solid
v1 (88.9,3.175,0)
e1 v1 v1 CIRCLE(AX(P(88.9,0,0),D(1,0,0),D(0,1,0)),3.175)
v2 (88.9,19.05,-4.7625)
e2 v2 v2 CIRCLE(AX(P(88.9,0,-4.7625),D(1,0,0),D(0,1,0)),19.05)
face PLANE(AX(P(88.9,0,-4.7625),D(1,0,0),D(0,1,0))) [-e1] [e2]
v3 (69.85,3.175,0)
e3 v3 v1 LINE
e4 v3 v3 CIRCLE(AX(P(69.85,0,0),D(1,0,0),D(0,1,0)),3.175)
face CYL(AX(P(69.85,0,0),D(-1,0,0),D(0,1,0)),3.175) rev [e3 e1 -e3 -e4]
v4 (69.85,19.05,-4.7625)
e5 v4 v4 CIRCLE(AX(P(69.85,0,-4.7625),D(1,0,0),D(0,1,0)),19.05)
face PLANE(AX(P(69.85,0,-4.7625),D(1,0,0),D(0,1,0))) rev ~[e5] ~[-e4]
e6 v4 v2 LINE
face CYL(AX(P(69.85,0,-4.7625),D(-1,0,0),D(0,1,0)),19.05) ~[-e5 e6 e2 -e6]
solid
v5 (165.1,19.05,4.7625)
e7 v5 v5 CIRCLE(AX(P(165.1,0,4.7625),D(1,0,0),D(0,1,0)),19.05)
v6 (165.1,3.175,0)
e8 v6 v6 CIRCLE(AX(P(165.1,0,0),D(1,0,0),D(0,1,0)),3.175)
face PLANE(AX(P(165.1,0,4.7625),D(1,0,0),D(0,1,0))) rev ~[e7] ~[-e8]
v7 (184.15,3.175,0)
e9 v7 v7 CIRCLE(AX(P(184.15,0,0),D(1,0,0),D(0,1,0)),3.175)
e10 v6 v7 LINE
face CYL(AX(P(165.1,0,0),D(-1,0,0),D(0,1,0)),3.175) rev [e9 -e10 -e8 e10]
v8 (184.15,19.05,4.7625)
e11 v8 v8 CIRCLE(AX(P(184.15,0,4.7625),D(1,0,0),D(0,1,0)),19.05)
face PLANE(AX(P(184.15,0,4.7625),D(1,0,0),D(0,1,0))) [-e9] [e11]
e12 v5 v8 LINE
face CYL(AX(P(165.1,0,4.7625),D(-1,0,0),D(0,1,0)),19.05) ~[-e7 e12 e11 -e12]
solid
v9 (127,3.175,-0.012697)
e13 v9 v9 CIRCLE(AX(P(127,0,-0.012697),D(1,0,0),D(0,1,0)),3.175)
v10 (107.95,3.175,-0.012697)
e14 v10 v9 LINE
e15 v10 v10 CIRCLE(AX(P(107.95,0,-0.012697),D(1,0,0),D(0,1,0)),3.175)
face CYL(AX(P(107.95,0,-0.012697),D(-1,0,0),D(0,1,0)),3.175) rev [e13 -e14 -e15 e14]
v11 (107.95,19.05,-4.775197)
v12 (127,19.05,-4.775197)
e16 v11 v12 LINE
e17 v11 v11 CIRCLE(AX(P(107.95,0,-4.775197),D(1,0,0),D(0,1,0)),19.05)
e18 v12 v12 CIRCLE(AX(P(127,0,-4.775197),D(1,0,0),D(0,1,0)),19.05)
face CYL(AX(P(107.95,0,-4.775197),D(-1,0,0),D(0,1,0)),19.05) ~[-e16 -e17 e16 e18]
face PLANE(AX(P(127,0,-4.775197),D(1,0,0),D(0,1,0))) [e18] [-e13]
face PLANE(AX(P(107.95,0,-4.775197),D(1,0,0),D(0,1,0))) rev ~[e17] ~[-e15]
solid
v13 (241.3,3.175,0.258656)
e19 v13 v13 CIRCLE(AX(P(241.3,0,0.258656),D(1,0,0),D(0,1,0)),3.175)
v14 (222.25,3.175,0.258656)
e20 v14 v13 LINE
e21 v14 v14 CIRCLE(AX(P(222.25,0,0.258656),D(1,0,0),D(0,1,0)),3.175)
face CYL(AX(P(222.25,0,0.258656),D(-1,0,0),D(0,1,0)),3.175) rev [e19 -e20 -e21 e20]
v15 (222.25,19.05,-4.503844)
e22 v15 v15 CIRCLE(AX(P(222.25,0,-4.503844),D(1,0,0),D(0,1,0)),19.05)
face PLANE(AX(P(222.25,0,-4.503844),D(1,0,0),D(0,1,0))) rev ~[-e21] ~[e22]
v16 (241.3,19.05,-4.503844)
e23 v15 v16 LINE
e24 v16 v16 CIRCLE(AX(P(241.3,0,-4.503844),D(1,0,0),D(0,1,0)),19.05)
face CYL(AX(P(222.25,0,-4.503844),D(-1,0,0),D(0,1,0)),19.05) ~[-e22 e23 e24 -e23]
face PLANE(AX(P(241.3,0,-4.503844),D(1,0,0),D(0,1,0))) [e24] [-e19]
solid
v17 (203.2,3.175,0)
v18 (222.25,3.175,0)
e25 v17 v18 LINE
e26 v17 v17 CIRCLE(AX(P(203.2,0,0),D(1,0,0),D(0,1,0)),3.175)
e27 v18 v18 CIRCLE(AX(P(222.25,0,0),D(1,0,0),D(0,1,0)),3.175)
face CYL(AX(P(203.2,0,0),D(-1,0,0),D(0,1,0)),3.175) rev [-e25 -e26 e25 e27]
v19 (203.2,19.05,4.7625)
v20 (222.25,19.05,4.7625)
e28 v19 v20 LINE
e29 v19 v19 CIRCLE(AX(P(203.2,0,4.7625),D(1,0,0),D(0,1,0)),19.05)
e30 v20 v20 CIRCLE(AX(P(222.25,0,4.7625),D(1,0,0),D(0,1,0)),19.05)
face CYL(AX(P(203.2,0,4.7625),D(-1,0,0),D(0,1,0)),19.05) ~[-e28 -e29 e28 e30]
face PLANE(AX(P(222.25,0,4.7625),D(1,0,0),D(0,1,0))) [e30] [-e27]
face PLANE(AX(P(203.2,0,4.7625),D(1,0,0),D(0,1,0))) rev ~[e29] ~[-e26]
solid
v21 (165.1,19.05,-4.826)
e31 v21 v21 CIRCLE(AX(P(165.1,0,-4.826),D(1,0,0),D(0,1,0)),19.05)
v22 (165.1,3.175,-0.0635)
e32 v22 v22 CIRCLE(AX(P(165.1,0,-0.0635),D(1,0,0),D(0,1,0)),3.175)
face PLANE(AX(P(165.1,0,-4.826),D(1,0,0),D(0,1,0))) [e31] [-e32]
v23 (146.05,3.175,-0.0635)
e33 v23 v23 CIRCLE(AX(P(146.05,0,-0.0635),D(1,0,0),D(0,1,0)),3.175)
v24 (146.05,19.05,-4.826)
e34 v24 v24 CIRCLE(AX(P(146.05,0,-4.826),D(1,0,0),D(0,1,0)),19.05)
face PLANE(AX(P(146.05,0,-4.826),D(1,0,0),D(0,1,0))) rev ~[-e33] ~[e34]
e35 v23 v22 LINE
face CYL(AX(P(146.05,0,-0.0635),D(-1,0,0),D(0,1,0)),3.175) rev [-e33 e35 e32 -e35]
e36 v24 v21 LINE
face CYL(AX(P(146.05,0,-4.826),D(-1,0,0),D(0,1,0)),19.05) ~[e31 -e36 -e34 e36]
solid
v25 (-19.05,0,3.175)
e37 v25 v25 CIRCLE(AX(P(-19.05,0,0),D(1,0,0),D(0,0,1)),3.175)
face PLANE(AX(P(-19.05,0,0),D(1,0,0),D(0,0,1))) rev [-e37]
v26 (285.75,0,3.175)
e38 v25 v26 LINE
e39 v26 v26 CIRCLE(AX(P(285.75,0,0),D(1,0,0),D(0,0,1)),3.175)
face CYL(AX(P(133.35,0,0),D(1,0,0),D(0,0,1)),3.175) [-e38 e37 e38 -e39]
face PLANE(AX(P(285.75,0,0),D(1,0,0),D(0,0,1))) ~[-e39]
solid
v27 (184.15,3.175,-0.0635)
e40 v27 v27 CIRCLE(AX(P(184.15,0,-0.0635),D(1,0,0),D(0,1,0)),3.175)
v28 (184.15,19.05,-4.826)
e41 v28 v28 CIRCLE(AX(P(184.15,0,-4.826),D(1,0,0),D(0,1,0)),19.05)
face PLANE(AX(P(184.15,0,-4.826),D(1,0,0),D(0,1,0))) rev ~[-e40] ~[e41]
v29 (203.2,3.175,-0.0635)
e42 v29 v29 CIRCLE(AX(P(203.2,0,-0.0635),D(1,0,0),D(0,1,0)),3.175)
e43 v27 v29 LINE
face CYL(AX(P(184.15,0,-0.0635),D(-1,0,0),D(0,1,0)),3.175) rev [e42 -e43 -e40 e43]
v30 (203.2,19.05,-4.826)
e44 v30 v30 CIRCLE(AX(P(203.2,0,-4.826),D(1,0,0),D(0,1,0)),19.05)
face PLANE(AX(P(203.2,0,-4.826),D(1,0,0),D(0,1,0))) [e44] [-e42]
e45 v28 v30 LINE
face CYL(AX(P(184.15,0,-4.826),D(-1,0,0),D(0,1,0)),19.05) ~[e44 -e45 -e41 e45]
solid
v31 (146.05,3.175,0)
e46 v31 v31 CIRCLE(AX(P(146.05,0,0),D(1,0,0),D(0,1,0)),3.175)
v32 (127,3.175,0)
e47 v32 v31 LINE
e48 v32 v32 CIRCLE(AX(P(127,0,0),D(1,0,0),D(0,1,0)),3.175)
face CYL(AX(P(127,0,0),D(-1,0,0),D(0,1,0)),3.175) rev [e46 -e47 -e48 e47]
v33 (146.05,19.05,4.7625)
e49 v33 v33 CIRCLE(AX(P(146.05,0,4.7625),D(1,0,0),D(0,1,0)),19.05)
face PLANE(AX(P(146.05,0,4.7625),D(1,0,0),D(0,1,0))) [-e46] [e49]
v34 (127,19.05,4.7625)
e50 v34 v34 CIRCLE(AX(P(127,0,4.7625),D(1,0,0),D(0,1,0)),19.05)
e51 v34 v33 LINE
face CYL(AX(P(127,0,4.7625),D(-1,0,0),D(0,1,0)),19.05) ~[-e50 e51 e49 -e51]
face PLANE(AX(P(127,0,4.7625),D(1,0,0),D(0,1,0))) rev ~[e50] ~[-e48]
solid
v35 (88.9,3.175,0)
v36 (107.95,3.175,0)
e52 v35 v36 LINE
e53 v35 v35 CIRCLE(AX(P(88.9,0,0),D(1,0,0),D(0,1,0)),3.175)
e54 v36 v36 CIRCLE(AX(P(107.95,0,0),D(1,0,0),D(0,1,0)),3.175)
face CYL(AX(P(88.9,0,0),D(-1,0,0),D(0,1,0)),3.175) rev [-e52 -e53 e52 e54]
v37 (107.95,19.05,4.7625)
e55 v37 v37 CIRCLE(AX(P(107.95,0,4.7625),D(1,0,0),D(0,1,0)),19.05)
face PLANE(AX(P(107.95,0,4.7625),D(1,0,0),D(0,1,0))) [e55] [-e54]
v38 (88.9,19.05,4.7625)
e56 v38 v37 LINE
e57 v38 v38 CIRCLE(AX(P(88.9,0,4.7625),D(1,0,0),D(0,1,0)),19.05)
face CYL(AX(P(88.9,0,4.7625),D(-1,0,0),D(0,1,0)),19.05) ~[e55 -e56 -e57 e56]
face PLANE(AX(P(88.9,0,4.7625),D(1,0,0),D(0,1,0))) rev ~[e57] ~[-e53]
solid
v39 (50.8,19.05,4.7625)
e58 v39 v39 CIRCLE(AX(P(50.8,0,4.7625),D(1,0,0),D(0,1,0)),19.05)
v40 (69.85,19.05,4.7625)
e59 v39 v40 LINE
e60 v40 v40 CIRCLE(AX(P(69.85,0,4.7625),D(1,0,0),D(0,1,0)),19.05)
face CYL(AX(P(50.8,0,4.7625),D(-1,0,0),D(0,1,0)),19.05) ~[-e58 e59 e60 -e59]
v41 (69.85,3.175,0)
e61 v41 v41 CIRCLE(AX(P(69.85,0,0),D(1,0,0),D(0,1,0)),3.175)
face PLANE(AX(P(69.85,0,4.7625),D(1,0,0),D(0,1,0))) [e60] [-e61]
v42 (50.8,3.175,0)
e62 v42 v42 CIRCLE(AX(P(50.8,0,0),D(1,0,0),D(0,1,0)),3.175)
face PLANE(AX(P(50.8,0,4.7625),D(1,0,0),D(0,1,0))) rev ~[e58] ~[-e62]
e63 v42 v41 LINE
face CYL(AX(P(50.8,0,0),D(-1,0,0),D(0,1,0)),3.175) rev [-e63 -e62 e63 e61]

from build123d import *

# Parameters (mm, degrees)
F1_R      = 19.05
F1_R_2    = 3.175
F20_DEPTH = 19.05
F15_R     = 19.05
F15_R_2   = 3.175
F11_R     = 19.05
F11_R_2   = 3.175
F16_R     = 19.05
F16_R_2   = 3.175
F12_R     = 19.05
F12_R_2   = 3.175
F17_R     = 19.05
F17_R_2   = 3.175
F13_R     = 19.05
F13_R_2   = 3.175
F18_R     = 19.05
F18_R_2   = 3.175
F14_R     = 19.05
F14_R_2   = 3.175
F19_R     = 19.05
F19_R_2   = 3.175
F21_W     = 304.8
F21_H     = 3.175


with BuildPart() as f20:
    # F1 (on offset) → F20 (new body)
    with BuildSketch(Plane.YZ.offset(50.8)):
        with Locations((0, 4.7625)):
            Circle(F1_R)
        Circle(F1_R_2, mode=Mode.SUBTRACT)
    extrude(amount=F20_DEPTH)


with BuildPart() as f20b:
    # F15 (on offset) → F20, piece 2 (new body)
    with BuildSketch(Plane.YZ.offset(69.85)):
        with Locations((0, -4.7625)):
            Circle(F15_R)
        Circle(F15_R_2, mode=Mode.SUBTRACT)
    extrude(amount=F20_DEPTH)


with BuildPart() as f20c:
    # F11 (on offset) → F20, piece 3 (new body)
    with BuildSketch(Plane.YZ.offset(88.9)):
        with Locations((0, 4.7625)):
            Circle(F11_R)
        Circle(F11_R_2, mode=Mode.SUBTRACT)
    extrude(amount=F20_DEPTH)


with BuildPart() as f20d:
    # F16 (on offset) → F20, piece 4 (new body)
    with BuildSketch(Plane.YZ.offset(107.95)):
        with Locations((0, -4.7751972452)):
            Circle(F16_R)
        with Locations((0, -0.0126972452)):
            Circle(F16_R_2, mode=Mode.SUBTRACT)
    extrude(amount=F20_DEPTH)


with BuildPart() as f20e:
    # F12 (on offset) → F20, piece 5 (new body)
    with BuildSketch(Plane.YZ.offset(127)):
        with Locations((0, 4.7625)):
            Circle(F12_R)
        Circle(F12_R_2, mode=Mode.SUBTRACT)
    extrude(amount=F20_DEPTH)


with BuildPart() as f20f:
    # F17 (on offset) → F20, piece 6 (new body)
    with BuildSketch(Plane.YZ.offset(146.05)):
        with Locations((0, -4.826000426)):
            Circle(F17_R)
        with Locations((0, -0.063500426)):
            Circle(F17_R_2, mode=Mode.SUBTRACT)
    extrude(amount=F20_DEPTH)


with BuildPart() as f20g:
    # F13 (on offset) → F20, piece 7 (new body)
    with BuildSketch(Plane.YZ.offset(165.1)):
        with Locations((0, 4.7625)):
            Circle(F13_R)
        Circle(F13_R_2, mode=Mode.SUBTRACT)
    extrude(amount=F20_DEPTH)


with BuildPart() as f20h:
    # F18 (on offset) → F20, piece 8 (new body)
    with BuildSketch(Plane.YZ.offset(184.15)):
        with Locations((0, -4.8259999603)):
            Circle(F18_R)
        with Locations((0, -0.0634999603)):
            Circle(F18_R_2, mode=Mode.SUBTRACT)
    extrude(amount=F20_DEPTH)


with BuildPart() as f20i:
    # F14 (on offset) → F20, piece 9 (new body)
    with BuildSketch(Plane.YZ.offset(203.2)):
        with Locations((0, 4.7625)):
            Circle(F14_R)
        Circle(F14_R_2, mode=Mode.SUBTRACT)
    extrude(amount=F20_DEPTH)


with BuildPart() as f20j:
    # F19 (on offset) → F20, piece 10 (new body)
    with BuildSketch(Plane.YZ.offset(222.25)):
        with Locations((0, -4.5038438402)):
            Circle(F19_R)
        with Locations((0, 0.2586561598)):
            Circle(F19_R_2, mode=Mode.SUBTRACT)
    extrude(amount=F20_DEPTH)


with BuildPart() as f22:
    # F21 (on Front) → F22 (revolve)
    with BuildSketch(Plane.XZ):
        with Locations((133.35, 1.5875)):
            Rectangle(F21_W, F21_H)
    revolve(axis=Axis((133.35, 0, 0), (1, 0, 0)))


solid = Compound([f20.part, f20b.part, f20c.part, f20d.part, f20e.part, f20f.part, f20g.part, f20h.part, f20i.part, f20j.part, f22.part])
